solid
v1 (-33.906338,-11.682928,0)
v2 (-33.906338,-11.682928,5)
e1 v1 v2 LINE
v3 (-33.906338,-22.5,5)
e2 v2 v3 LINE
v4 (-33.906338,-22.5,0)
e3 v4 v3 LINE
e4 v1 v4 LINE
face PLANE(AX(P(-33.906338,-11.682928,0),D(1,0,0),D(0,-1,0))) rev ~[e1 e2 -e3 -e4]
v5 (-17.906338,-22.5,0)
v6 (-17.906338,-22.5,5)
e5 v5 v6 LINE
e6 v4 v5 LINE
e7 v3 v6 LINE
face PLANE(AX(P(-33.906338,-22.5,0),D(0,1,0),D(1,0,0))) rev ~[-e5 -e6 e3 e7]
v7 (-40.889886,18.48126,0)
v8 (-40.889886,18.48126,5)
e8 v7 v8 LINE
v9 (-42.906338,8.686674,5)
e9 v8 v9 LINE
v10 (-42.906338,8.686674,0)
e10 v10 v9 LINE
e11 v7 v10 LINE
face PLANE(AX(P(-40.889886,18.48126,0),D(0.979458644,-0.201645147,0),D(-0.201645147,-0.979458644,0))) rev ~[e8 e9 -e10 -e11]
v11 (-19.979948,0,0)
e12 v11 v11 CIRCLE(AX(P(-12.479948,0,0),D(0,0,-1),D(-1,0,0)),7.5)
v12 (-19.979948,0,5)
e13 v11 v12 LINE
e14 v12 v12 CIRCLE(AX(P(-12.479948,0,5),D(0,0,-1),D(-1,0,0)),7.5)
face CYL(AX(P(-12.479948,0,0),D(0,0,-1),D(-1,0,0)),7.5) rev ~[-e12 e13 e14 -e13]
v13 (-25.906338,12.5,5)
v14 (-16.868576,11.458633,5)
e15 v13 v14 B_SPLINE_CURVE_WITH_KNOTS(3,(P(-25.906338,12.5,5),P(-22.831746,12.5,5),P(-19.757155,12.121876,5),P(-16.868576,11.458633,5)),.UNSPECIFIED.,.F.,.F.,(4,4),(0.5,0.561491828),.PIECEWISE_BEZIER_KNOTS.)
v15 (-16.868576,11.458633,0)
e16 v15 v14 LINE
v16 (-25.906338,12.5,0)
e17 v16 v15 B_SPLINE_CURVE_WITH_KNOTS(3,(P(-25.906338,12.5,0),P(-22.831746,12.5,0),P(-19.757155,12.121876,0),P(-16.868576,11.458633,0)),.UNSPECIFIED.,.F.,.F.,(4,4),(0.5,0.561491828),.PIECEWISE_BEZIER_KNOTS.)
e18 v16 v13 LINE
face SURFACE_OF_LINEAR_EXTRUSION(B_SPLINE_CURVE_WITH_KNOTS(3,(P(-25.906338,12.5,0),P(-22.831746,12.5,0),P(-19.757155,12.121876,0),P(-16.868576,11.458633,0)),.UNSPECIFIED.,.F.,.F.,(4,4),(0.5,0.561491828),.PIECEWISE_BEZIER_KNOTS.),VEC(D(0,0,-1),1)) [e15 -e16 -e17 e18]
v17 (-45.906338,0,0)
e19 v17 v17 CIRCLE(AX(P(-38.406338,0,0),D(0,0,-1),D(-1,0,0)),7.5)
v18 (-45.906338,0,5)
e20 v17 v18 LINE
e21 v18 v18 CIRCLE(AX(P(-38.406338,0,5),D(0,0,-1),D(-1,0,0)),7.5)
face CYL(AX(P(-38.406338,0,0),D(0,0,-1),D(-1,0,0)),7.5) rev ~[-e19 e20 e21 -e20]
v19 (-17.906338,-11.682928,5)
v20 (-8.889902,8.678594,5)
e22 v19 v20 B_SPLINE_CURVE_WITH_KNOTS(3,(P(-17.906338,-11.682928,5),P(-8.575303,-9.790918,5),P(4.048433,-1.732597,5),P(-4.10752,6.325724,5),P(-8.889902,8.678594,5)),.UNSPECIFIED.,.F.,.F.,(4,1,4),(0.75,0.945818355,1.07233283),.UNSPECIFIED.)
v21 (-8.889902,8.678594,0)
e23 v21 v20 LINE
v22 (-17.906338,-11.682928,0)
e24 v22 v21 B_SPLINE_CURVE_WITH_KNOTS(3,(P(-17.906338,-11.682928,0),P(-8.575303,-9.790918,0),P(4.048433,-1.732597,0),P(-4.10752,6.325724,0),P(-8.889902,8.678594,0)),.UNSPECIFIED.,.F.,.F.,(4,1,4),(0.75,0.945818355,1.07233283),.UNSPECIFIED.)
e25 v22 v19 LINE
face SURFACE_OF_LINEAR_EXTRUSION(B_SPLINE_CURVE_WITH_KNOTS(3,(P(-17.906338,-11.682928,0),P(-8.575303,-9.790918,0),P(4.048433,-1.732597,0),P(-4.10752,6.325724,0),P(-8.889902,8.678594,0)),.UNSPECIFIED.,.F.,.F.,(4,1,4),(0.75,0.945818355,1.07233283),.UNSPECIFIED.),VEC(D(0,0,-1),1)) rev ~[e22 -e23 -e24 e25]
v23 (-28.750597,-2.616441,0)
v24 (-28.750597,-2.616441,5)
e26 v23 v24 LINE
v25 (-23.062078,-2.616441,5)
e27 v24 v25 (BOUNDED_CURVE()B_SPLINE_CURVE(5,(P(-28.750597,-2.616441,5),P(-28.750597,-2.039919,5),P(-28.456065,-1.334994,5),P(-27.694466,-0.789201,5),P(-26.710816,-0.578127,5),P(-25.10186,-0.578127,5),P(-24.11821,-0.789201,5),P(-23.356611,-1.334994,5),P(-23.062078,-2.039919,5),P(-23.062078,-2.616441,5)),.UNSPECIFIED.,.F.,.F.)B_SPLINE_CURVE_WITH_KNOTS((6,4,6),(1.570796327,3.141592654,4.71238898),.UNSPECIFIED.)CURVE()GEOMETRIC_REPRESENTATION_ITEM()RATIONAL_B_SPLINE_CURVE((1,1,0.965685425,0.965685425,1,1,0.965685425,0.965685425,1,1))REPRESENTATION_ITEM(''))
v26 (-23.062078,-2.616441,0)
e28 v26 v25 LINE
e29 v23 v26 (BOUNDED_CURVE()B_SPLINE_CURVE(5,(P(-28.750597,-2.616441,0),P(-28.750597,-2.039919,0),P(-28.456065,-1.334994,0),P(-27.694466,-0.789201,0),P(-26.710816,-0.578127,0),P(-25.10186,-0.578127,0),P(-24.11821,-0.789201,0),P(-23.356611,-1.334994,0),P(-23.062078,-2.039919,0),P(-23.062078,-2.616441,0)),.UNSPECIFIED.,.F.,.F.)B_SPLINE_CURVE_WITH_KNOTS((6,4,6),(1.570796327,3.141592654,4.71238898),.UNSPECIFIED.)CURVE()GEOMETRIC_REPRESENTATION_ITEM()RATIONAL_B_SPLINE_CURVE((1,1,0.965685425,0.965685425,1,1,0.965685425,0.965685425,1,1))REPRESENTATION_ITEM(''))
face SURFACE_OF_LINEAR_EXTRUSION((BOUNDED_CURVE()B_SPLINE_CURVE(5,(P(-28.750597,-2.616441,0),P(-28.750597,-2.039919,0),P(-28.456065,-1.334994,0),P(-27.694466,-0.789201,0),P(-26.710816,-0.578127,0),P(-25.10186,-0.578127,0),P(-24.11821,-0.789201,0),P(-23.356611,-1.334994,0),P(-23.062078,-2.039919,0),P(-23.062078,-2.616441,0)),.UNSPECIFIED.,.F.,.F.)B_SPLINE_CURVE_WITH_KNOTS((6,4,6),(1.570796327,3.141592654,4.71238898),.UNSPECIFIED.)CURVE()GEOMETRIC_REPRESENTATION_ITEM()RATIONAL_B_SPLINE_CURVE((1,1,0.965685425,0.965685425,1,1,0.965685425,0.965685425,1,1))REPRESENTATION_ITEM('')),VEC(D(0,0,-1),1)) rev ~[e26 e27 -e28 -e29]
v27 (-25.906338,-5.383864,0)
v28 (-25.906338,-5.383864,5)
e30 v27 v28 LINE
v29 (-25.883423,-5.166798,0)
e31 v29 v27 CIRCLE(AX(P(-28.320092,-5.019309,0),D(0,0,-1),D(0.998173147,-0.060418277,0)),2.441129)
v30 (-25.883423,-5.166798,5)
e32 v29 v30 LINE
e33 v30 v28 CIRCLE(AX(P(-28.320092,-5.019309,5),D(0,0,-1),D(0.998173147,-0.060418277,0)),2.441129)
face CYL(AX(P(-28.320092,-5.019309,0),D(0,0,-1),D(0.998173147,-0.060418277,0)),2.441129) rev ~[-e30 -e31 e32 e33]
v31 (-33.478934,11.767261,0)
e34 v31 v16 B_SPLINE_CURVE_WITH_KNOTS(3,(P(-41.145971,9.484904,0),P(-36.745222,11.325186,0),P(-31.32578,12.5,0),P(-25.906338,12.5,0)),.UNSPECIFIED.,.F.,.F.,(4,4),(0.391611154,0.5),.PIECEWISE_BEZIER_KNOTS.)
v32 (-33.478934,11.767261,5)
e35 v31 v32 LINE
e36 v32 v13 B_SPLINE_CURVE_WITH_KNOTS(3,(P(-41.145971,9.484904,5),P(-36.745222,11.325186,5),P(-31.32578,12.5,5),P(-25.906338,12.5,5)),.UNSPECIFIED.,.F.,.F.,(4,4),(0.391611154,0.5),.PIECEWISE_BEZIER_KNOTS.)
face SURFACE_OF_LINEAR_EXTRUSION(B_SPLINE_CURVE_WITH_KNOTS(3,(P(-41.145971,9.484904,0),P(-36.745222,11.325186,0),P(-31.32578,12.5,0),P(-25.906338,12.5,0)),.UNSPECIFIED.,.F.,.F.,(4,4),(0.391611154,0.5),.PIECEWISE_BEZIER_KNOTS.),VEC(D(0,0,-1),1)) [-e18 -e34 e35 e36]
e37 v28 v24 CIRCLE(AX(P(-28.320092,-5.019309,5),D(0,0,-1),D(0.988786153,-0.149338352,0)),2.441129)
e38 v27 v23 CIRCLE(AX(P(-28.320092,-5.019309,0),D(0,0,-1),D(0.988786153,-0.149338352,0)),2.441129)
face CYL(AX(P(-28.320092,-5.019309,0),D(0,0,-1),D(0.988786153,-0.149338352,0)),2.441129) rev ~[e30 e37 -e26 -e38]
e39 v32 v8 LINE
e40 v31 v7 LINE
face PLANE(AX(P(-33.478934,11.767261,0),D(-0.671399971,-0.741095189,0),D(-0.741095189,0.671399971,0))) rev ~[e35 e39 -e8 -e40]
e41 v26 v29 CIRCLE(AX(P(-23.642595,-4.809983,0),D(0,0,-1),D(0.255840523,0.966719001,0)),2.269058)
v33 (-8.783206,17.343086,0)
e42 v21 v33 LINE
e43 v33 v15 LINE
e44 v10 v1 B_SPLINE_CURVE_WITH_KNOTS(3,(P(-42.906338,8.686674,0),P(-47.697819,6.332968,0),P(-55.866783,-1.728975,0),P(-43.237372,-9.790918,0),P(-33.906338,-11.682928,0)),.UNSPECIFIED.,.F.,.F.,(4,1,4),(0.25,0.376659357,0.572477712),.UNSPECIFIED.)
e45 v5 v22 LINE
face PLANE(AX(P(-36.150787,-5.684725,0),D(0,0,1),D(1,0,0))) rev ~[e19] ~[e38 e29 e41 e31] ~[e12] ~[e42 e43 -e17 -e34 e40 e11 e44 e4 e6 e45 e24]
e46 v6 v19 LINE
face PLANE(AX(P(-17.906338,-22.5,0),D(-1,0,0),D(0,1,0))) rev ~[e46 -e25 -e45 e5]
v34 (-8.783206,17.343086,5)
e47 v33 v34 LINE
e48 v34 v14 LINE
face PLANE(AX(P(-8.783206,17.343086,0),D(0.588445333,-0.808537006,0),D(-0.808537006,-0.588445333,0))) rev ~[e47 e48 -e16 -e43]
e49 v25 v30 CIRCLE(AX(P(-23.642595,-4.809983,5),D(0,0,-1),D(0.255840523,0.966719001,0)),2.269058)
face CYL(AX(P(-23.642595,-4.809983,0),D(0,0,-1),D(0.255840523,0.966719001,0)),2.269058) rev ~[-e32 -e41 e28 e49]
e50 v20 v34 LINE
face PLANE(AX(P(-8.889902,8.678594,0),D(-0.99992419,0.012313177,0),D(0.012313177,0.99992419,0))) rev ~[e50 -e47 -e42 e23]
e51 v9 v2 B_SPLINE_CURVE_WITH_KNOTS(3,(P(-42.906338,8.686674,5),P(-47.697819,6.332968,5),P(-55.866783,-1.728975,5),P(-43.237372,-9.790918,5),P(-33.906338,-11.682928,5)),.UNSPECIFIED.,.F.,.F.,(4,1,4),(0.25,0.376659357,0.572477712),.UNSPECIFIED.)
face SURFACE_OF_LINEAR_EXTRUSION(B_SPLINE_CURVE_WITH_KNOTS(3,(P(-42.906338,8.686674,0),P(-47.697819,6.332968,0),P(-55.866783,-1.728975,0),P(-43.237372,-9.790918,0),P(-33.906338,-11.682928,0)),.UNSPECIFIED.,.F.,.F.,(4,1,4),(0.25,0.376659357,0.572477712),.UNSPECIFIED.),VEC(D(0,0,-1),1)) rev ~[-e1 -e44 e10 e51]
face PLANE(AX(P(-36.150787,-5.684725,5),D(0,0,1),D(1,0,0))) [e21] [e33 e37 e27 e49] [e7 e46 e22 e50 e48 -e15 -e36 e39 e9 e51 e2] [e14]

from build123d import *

# Parameters (mm, degrees)
F1_DEPTH = 5


with BuildPart() as f1:
    # F0 (on Top) → F1 (new body)
    with BuildSketch(Plane.XY):
        with BuildLine():
            Line((-25.9063377976, 0), (-30.9063377976, 0))
            ThreePointArc((-30.9063377976, 0), (-38.4063377976, -7.5), (-45.9063377976, 0))
            Line((-45.9063377976, 0), (-50.9063377976, 0))
            add(Edge.make_bspline(
                [(-33.9063377976, -11.6829281652), (-43.2373721422, -9.7909177656), (-50.9063377976, -4.8954588828), (-50.9063377976, 0)],
                knots=[0.0541816447, 0.0541816447, 0.0541816447, 0.0541816447, 0.25, 0.25, 0.25, 0.25], degree=3))
            add(Edge.make_bspline(
                [(-25.9063377976, -12.5), (-28.615420032, -12.5), (-31.3245022664, -12.2064349379), (-33.9063377976, -11.6829281652)],
                knots=[0, 0, 0, 0, 0.0541816447, 0.0541816447, 0.0541816447, 0.0541816447], degree=3))
            Line((-25.9063377976, -12.5), (-25.9063377976, -5.3838636288))
            ThreePointArc((-25.9063377976, -5.3838636288), (-30.0224367816, -6.7689191749), (-28.750597313, -2.6164411101))
            add(Edge.make_bspline(
                [(-25.9063377976, -0.5781269538), (-28.750597313, -0.5781269538), (-28.750597313, -2.6164411101)],
                knots=[1.5707963268, 1.5707963268, 1.5707963268, 3.1415926536, 3.1415926536, 3.1415926536], degree=2, weights=[1, 0.7071067812, 1]))
            Line((-25.9063377976, -0.5781269538), (-25.9063377976, 0))
        make_face()
        with BuildLine():
            ThreePointArc((-45.9063377976, 0), (-38.4063377976, 7.5), (-30.9063377976, 0))
            Line((-30.9063377976, 0), (-25.9063377976, 0))
            Line((-25.9063377976, 0), (-25.9063377976, 8.6866739607))
            Line((-25.9063377976, 8.6866739607), (-42.9063377976, 8.6866739607))
            add(Edge.make_bspline(
                [(-50.9063377976, 0), (-50.9063377976, 3.1664839146), (-47.6978192755, 6.3329678293), (-42.9063377976, 8.6866739607)],
                knots=[0.25, 0.25, 0.25, 0.25, 0.3766593566, 0.3766593566, 0.3766593566, 0.3766593566], degree=3))
            Line((-50.9063377976, 0), (-45.9063377976, 0))
        make_face()
        with BuildLine():
            Line((-19.9799482524, 0), (-25.9063377976, 0))
            Line((-25.9063377976, 0), (-25.9063377976, -0.5781269538))
            add(Edge.make_bspline(
                [(-23.0620782822, -2.6164411101), (-23.0620782822, -0.5781269538), (-25.9063377976, -0.5781269538)],
                knots=[0, 0, 0, 1.5707963268, 1.5707963268, 1.5707963268], degree=2, weights=[1, 0.7071067812, 1]))
            ThreePointArc((-23.0620782822, -2.6164411101), (-22.1210046763, -6.4932497418), (-25.8834229341, -5.1667982533))
            ThreePointArc((-25.8834229341, -5.1667982533), (-25.8924530621, -5.2755871834), (-25.9063377976, -5.3838636288))
            Line((-25.9063377976, -5.3838636288), (-25.9063377976, -12.5))
            add(Edge.make_bspline(
                [(-17.9063377976, -11.6829281652), (-20.4881733289, -12.2064349379), (-23.1972555633, -12.5), (-25.9063377976, -12.5)],
                knots=[0.9458183553, 0.9458183553, 0.9458183553, 0.9458183553, 1, 1, 1, 1], degree=3))
            add(Edge.make_bspline(
                [(-0.9063377976, 0), (-0.9063377976, -4.8954588828), (-8.5753034531, -9.7909177656), (-17.9063377976, -11.6829281652)],
                knots=[0.75, 0.75, 0.75, 0.75, 0.9458183553, 0.9458183553, 0.9458183553, 0.9458183553], degree=3))
            Line((-0.9063377976, 0), (-4.9799482524, 0))
            ThreePointArc((-4.9799482524, 0), (-12.4799482524, -7.5), (-19.9799482524, 0))
        make_face()
        with BuildLine():
            Line((-25.9063377976, 8.6866739607), (-25.9063377976, 0))
            Line((-25.9063377976, 0), (-19.9799482524, 0))
            ThreePointArc((-19.9799482524, 0), (-12.4799482524, 7.5), (-4.9799482524, 0))
            Line((-4.9799482524, 0), (-0.9063377976, 0))
            add(Edge.make_bspline(
                [(-8.8899015438, 8.6785937828), (-4.1075202733, 6.3257237488), (-0.9063377976, 3.1628618744), (-0.9063377976, 0)],
                knots=[0.623485525, 0.623485525, 0.623485525, 0.623485525, 0.75, 0.75, 0.75, 0.75], degree=3))
            add(Edge.make_bspline(
                [(-8.9063377976, 8.6866739607), (-8.9008569744, 8.6839816311), (-8.8953782223, 8.6812882381), (-8.8899015438, 8.6785937828)],
                knots=[0.6233406434, 0.6233406434, 0.6233406434, 0.6233406434, 0.623485525, 0.623485525, 0.623485525, 0.623485525], degree=3))
            Line((-8.9063377976, 8.6866739607), (-25.9063377976, 8.6866739607))
        make_face()
        with BuildLine():
            Line((-42.9063377976, 8.6866739607), (-25.9063377976, 8.6866739607))
            Line((-25.9063377976, 8.6866739607), (-25.9063377976, 12.5))
            add(Edge.make_bspline(
                [(-33.4789344312, 11.7672606909), (-31.0263174898, 12.2378580795), (-28.4663276437, 12.5), (-25.9063377976, 12.5)],
                knots=[0.4488002031, 0.4488002031, 0.4488002031, 0.4488002031, 0.5, 0.5, 0.5, 0.5], degree=3))
            add(Edge.make_bspline(
                [(-41.1459706937, 9.4849044236), (-38.8240102839, 10.4558894105), (-36.2184537211, 11.2416137372), (-33.4789344312, 11.7672606909)],
                knots=[0.3916111537, 0.3916111537, 0.3916111537, 0.3916111537, 0.4488002031, 0.4488002031, 0.4488002031, 0.4488002031], degree=3))
            add(Edge.make_bspline(
                [(-42.9063377976, 8.6866739607), (-42.3407162678, 8.964522653), (-41.7530358818, 9.2310451497), (-41.1459706937, 9.4849044236)],
                knots=[0.3766593566, 0.3766593566, 0.3766593566, 0.3766593566, 0.3916111537, 0.3916111537, 0.3916111537, 0.3916111537], degree=3))
        make_face()
        with BuildLine():
            Line((-25.9063377976, 12.5), (-25.9063377976, 8.6866739607))
            Line((-25.9063377976, 8.6866739607), (-8.9063377976, 8.6866739607))
            add(Edge.make_bspline(
                [(-15.2081048927, 11.0406520967), (-12.9280458404, 10.4153300926), (-10.7943088262, 9.6140967227), (-8.9063377976, 8.6866739607)],
                knots=[0.5734334911, 0.5734334911, 0.5734334911, 0.5734334911, 0.6233406434, 0.6233406434, 0.6233406434, 0.6233406434], degree=3))
            add(Edge.make_bspline(
                [(-16.8685760838, 11.4586327815), (-16.3076164239, 11.3298315863), (-15.7536719147, 11.1902776353), (-15.2081048927, 11.0406520967)],
                knots=[0.5614918283, 0.5614918283, 0.5614918283, 0.5614918283, 0.5734334911, 0.5734334911, 0.5734334911, 0.5734334911], degree=3))
            add(Edge.make_bspline(
                [(-25.9063377976, 12.5), (-22.8317463823, 12.5), (-19.757154967, 12.1218755052), (-16.8685760838, 11.4586327815)],
                knots=[0.5, 0.5, 0.5, 0.5, 0.5614918283, 0.5614918283, 0.5614918283, 0.5614918283], degree=3))
        make_face()
        with BuildLine():
            add(Edge.make_bspline(
                [(-25.9063377976, -12.5), (-28.615420032, -12.5), (-31.3245022664, -12.2064349379), (-33.9063377976, -11.6829281652)],
                knots=[0, 0, 0, 0, 0.0541816447, 0.0541816447, 0.0541816447, 0.0541816447], degree=3))
            Line((-33.9063377976, -11.6829281652), (-33.9063377976, -22.5))
            Line((-33.9063377976, -22.5), (-25.9063377976, -22.5))
            Line((-25.9063377976, -22.5), (-25.9063377976, -12.5))
        make_face()
        with BuildLine():
            Line((-40.8898863235, 18.4812603967), (-42.9063377976, 8.6866739607))
            add(Edge.make_bspline(
                [(-42.9063377976, 8.6866739607), (-42.3407162678, 8.964522653), (-41.7530358818, 9.2310451497), (-41.1459706937, 9.4849044236)],
                knots=[0.3766593566, 0.3766593566, 0.3766593566, 0.3766593566, 0.3916111537, 0.3916111537, 0.3916111537, 0.3916111537], degree=3))
            Line((-41.1459706937, 9.4849044236), (-40.8898863235, 18.4812603967))
        make_face()
        with BuildLine():
            add(Edge.make_bspline(
                [(-15.2081048927, 11.0406520967), (-12.9280458404, 10.4153300926), (-10.7943088262, 9.6140967227), (-8.9063377976, 8.6866739607)],
                knots=[0.5734334911, 0.5734334911, 0.5734334911, 0.5734334911, 0.6233406434, 0.6233406434, 0.6233406434, 0.6233406434], degree=3))
            add(Edge.make_bspline(
                [(-8.9063377976, 8.6866739607), (-8.9008569744, 8.6839816311), (-8.8953782223, 8.6812882381), (-8.8899015438, 8.6785937828)],
                knots=[0.6233406434, 0.6233406434, 0.6233406434, 0.6233406434, 0.623485525, 0.623485525, 0.623485525, 0.623485525], degree=3))
            Line((-8.8899015438, 8.6785937828), (-8.7832060268, 17.3430861156))
            Line((-8.7832060268, 17.3430861156), (-15.2081048927, 11.0406520967))
        make_face()
        with BuildLine():
            add(Edge.make_bspline(
                [(-17.9063377976, -11.6829281652), (-20.4881733289, -12.2064349379), (-23.1972555633, -12.5), (-25.9063377976, -12.5)],
                knots=[0.9458183553, 0.9458183553, 0.9458183553, 0.9458183553, 1, 1, 1, 1], degree=3))
            Line((-25.9063377976, -12.5), (-25.9063377976, -22.5))
            Line((-25.9063377976, -22.5), (-17.9063377976, -22.5))
            Line((-17.9063377976, -22.5), (-17.9063377976, -11.6829281652))
        make_face()
        with BuildLine():
            Line((-40.8898863235, 18.4812603967), (-41.1459706937, 9.4849044236))
            add(Edge.make_bspline(
                [(-41.1459706937, 9.4849044236), (-38.8240102839, 10.4558894105), (-36.2184537211, 11.2416137372), (-33.4789344312, 11.7672606909)],
                knots=[0.3916111537, 0.3916111537, 0.3916111537, 0.3916111537, 0.4488002031, 0.4488002031, 0.4488002031, 0.4488002031], degree=3))
            Line((-33.4789344312, 11.7672606909), (-40.8898863235, 18.4812603967))
        make_face()
        with BuildLine():
            Line((-8.7832060268, 17.3430861156), (-16.8685760838, 11.4586327815))
            add(Edge.make_bspline(
                [(-16.8685760838, 11.4586327815), (-16.3076164239, 11.3298315863), (-15.7536719147, 11.1902776353), (-15.2081048927, 11.0406520967)],
                knots=[0.5614918283, 0.5614918283, 0.5614918283, 0.5614918283, 0.5734334911, 0.5734334911, 0.5734334911, 0.5734334911], degree=3))
            Line((-15.2081048927, 11.0406520967), (-8.7832060268, 17.3430861156))
        make_face()
    extrude(amount=F1_DEPTH)


solid = f1.part
